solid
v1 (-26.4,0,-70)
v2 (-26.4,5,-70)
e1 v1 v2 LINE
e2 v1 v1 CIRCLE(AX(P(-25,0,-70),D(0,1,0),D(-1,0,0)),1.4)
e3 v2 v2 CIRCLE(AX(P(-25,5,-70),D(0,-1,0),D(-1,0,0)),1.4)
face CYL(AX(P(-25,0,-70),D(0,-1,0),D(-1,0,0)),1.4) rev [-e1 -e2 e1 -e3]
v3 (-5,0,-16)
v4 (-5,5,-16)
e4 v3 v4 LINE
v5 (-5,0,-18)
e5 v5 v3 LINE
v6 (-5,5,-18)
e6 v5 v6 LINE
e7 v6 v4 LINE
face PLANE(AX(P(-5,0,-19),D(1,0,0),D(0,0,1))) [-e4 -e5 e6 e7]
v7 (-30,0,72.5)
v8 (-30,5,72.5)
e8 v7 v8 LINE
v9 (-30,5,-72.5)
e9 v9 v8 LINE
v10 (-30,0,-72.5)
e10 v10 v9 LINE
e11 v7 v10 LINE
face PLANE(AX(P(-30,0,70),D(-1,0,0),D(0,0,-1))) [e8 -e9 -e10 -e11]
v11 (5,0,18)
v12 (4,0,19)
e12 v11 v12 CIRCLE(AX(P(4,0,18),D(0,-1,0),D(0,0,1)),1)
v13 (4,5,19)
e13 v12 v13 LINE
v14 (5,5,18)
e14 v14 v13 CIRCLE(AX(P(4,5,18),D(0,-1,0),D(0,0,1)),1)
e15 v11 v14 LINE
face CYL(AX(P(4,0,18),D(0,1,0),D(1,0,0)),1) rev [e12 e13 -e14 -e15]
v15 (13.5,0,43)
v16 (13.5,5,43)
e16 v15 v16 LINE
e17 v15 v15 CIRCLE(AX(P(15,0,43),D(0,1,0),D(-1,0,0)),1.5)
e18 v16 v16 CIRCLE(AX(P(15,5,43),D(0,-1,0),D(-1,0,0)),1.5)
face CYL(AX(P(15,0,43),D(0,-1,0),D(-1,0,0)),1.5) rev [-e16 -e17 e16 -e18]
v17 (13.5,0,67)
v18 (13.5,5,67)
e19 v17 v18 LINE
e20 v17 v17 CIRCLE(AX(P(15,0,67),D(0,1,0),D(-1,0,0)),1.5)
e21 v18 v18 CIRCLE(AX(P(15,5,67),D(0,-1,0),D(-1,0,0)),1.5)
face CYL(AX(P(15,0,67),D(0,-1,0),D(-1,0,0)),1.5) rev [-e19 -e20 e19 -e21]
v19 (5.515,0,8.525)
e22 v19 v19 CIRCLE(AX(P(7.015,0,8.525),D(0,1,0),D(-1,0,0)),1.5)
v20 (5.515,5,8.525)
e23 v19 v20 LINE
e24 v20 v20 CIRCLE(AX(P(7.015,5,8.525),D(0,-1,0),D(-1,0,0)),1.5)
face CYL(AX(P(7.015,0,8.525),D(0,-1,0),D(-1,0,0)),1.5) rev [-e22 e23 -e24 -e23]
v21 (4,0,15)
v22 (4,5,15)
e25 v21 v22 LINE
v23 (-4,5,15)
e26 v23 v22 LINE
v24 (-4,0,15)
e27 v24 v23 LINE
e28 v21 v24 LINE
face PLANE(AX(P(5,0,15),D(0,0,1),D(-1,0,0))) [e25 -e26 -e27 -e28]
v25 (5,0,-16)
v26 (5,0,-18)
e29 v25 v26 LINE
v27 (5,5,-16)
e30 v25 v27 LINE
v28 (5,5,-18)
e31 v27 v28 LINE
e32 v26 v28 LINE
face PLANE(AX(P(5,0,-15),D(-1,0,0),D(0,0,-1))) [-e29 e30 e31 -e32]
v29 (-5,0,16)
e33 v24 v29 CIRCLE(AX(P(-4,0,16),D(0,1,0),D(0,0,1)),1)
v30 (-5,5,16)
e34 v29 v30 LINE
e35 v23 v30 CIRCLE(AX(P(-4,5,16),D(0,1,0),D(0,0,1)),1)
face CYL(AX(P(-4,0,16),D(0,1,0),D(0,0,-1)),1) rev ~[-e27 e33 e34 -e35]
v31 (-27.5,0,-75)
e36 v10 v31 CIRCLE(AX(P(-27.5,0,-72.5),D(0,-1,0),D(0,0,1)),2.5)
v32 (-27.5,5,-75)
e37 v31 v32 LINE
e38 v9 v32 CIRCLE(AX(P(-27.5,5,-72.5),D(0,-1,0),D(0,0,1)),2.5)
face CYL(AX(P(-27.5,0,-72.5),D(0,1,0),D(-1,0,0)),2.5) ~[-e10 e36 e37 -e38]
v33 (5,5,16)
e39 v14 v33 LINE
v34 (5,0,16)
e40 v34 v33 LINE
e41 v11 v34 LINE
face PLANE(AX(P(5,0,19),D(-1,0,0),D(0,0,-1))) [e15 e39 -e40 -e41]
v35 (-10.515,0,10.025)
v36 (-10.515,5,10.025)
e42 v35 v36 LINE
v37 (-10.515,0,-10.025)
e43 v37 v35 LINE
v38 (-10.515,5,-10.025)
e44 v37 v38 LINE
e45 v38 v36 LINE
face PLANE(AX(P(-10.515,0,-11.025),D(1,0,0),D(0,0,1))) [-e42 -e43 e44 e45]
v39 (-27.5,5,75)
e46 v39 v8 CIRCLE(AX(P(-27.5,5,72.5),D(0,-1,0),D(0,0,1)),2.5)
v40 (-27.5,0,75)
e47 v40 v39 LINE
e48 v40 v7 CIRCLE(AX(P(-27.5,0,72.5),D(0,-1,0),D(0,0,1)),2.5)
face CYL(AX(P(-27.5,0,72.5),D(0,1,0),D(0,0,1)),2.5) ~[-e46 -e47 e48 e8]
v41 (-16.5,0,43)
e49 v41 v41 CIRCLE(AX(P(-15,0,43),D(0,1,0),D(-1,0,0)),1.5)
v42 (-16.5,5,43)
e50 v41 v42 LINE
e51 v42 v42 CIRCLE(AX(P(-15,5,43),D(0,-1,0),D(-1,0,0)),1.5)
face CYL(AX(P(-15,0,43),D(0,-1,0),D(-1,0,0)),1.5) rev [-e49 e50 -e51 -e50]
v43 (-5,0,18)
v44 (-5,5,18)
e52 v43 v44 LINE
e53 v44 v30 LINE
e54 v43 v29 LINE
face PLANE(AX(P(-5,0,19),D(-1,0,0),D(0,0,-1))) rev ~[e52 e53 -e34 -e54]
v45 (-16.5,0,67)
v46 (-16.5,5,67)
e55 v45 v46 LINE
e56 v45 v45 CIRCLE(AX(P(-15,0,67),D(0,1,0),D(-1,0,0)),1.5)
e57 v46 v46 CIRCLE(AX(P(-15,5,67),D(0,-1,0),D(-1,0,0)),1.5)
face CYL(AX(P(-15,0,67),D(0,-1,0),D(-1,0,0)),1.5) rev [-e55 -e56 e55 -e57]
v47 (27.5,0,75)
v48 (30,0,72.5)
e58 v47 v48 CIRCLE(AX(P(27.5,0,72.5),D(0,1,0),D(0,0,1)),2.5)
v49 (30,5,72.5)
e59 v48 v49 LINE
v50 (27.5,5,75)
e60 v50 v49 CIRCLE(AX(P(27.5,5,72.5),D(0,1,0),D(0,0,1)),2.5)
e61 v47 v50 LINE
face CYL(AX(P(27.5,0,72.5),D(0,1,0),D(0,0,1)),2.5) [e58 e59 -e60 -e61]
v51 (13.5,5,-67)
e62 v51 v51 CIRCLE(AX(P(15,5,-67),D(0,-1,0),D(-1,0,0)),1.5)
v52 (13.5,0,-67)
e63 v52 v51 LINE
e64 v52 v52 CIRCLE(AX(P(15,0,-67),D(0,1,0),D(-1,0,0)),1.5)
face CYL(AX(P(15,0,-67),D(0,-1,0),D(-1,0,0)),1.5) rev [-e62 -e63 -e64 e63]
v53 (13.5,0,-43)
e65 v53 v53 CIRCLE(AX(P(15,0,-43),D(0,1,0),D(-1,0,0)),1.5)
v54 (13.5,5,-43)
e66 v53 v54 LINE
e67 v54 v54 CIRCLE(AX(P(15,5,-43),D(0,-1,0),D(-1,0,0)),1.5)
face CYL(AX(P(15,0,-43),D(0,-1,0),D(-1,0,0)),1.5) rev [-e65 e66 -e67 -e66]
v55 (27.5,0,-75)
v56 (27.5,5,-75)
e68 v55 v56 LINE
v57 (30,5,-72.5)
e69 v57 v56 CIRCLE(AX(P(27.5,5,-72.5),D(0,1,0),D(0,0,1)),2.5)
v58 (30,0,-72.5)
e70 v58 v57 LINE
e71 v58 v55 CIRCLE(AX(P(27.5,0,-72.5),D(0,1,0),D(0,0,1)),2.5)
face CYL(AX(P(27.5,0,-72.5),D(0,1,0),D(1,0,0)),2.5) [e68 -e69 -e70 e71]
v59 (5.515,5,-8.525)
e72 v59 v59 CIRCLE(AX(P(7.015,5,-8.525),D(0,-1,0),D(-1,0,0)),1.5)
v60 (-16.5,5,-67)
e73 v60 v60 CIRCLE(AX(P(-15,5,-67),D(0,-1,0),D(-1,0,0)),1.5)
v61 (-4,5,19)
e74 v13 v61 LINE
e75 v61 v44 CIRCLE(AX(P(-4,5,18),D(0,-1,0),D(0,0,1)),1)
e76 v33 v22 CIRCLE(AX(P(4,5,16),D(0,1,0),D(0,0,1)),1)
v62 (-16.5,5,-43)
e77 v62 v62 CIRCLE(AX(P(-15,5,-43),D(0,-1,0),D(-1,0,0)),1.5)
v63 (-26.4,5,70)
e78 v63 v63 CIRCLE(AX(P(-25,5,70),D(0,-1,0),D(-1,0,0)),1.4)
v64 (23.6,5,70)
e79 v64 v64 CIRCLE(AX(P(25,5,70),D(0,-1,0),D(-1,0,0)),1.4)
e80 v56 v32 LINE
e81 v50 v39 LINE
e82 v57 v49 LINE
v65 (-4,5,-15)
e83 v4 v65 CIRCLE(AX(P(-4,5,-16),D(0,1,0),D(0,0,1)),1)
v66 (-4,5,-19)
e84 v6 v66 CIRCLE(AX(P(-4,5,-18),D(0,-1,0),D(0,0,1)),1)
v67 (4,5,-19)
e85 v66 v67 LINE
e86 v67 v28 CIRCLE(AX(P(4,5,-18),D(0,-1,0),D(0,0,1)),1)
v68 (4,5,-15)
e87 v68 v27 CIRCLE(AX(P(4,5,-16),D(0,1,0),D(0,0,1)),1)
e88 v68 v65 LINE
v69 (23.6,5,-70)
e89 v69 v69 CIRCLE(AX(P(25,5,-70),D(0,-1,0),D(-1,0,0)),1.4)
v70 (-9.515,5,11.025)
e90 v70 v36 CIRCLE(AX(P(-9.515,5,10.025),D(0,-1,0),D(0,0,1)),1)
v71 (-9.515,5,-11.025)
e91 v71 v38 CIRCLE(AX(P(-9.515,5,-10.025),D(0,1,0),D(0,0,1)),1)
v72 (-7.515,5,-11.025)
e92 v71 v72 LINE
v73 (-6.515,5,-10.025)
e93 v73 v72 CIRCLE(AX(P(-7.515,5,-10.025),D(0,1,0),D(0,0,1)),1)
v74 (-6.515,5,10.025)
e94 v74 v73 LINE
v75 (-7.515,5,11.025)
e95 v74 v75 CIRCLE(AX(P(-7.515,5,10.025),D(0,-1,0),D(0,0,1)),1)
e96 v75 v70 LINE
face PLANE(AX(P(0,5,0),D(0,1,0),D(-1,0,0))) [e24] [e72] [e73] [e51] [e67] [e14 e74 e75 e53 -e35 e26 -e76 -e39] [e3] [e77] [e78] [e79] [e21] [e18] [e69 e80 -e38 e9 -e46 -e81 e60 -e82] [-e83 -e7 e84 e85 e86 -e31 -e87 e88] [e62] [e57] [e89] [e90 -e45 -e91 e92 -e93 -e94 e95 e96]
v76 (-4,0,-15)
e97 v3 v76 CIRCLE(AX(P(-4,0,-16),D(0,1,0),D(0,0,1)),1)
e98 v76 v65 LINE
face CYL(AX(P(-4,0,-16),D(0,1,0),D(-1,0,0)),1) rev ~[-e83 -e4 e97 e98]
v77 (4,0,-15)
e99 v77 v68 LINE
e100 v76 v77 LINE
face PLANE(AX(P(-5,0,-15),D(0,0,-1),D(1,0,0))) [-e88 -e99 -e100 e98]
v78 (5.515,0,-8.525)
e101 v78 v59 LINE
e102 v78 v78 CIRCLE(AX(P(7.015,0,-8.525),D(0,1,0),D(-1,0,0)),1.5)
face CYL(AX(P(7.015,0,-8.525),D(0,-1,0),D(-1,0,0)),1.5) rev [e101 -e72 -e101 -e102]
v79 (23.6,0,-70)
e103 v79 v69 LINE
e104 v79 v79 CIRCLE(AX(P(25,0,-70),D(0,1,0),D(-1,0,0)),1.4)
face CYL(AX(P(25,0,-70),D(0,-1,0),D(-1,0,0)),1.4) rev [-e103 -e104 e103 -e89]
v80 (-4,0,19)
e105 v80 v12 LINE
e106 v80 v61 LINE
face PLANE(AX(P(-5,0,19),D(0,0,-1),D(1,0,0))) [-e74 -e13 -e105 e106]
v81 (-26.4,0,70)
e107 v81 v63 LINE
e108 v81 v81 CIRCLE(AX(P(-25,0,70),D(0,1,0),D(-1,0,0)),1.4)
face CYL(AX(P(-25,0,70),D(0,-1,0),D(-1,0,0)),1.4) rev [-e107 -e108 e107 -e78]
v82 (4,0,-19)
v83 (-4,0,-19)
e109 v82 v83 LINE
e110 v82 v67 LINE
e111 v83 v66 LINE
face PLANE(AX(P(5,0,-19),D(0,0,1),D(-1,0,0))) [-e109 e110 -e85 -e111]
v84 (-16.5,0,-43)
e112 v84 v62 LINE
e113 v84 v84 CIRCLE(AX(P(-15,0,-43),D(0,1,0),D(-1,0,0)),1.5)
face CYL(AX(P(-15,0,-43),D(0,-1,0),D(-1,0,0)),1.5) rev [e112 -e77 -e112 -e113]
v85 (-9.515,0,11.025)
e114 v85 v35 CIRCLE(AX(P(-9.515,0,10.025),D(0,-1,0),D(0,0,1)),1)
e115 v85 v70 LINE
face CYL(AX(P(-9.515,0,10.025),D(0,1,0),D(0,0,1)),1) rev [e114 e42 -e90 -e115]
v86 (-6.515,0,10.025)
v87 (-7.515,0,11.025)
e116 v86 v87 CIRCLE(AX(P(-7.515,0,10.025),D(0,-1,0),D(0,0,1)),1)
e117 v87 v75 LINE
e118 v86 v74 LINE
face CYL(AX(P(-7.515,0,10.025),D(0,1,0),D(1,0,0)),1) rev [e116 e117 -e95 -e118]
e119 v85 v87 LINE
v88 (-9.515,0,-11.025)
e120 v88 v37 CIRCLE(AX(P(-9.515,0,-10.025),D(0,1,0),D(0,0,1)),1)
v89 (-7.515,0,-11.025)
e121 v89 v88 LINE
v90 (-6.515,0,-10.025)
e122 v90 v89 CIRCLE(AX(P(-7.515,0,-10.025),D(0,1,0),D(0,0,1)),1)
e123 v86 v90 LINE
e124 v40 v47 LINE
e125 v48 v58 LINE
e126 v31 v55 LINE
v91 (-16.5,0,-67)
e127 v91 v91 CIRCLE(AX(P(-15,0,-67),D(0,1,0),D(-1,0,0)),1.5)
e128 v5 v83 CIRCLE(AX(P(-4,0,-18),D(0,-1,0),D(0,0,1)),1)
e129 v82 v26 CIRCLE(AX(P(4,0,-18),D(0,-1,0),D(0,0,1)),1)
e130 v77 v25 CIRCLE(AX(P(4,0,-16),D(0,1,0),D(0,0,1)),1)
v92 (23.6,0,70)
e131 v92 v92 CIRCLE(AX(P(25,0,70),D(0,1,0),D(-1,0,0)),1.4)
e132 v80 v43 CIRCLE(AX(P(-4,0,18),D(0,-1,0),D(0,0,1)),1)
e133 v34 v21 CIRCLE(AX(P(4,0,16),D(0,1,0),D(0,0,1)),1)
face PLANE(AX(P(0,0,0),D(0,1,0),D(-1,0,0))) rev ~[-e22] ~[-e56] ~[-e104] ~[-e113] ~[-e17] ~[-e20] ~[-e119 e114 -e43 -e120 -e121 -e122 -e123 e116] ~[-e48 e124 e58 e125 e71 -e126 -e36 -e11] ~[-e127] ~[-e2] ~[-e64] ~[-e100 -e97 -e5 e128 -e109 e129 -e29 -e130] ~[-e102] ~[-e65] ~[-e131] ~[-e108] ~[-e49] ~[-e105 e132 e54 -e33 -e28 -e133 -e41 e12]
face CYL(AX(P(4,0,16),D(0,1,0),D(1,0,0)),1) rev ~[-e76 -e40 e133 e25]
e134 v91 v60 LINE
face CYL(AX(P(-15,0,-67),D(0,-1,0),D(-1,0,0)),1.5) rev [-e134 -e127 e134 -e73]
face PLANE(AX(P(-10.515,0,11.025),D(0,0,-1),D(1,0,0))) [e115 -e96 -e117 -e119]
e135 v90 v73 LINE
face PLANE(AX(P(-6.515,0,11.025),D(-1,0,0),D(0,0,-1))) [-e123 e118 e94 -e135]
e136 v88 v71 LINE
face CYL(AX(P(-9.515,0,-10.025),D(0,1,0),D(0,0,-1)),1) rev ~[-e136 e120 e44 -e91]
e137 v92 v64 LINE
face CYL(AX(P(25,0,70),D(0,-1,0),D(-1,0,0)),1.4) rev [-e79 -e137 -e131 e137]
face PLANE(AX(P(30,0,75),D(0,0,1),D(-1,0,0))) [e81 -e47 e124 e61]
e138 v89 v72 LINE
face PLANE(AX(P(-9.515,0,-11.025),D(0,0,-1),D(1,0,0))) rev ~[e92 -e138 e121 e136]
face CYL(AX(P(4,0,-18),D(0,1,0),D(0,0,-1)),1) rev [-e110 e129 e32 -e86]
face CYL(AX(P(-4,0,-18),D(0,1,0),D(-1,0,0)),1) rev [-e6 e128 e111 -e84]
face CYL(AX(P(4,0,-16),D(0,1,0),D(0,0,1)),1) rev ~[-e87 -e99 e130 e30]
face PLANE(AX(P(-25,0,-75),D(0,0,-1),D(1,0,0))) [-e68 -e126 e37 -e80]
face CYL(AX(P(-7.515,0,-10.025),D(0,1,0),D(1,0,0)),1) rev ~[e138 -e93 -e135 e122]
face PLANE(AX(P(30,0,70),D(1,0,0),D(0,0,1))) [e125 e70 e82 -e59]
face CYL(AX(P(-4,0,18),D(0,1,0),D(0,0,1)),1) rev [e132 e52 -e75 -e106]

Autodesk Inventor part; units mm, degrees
ref_plane "YZ Plane" through (0, 0, 0) normal (1, 0, 0) x (0, 1, 0)
ref_plane "XZ Plane" through (0, 0, 0) normal (0, 1, 0) x (-1, 0, 0)
ref_plane "XY Plane" through (0, 0, 0) normal (0, 0, 1) x (1, 0, 0)
sketch "Sketch1" plane through (0, 0, 0) normal (0, 1, 0) x (-1, 0, 0)
  line L0 (-30, 75) -> (30, 75)
  line L1 (30, 75) -> (30, -75)
  line L2 (30, -75) -> (-30, -75)
  line L3 (-30, -75) -> (-30, 75)
  line L4 (30, 75) -> (25, 75)
  line L5 (25, 75) -> (25, 70)
  line L6 (25, 70) -> (30, 70)
  line L7 (30, 70) -> (30, 75)
  line L8 (-30, 75) -> (-25, 75)
  line L9 (-25, 75) -> (-25, 70)
  line L10 (-25, 70) -> (-30, 70)
  line L11 (-30, 70) -> (-30, 75)
  line L12 (30, -75) -> (25, -75)
  line L13 (25, -75) -> (25, -70)
  line L14 (25, -70) -> (30, -70)
  line L15 (30, -70) -> (30, -75)
  line L16 (-30, -75) -> (-25, -75)
  line L17 (-25, -75) -> (-25, -70)
  line L18 (-25, -70) -> (-30, -70)
  line L19 (-30, -70) -> (-30, -75)
  circle A0 centre (25, 70) radius 1.4
  circle A1 centre (-25, 70) radius 1.4
  circle A2 centre (25, -70) radius 1.4
  circle A3 centre (-25, -70) radius 1.4
  line L20 (0, 75) -> (13, 75)
  line L21 (0, 75) -> (-13, 75)
  line L22 (-9.515, 11.025) -> (9.515, 11.025)
  line L23 (9.515, 11.025) -> (9.515, -11.025)
  line L24 (9.515, -11.025) -> (-9.515, -11.025)
  line L25 (-9.515, -11.025) -> (-9.515, 11.025)
  line L26 (-9.515, 11.025) -> (9.515, -11.025) construction
  line L27 (9.515, 11.025) -> (-9.515, -11.025) construction
  line L28 (-9.515, -11.025) -> (-7.015, -11.025)
  line L29 (-7.015, -11.025) -> (-7.015, -8.525)
  line L30 (-7.015, -8.525) -> (-9.515, -8.525)
  line L31 (-9.515, -8.525) -> (-9.515, -11.025)
  line L32 (-9.515, 11.025) -> (-7.015, 11.025)
  line L33 (-7.015, 11.025) -> (-7.015, 8.525)
  line L34 (-7.015, 8.525) -> (-9.515, 8.525)
  line L35 (-9.515, 8.525) -> (-9.515, 11.025)
  circle A4 centre (-7.015, 8.525) radius 1.5
  circle A5 centre (-7.015, -8.525) radius 1.5
  line L36 (9.515, 0) -> (8.515, 0)
  line L37 (6.515, -11.025) -> (10.515, -11.025)
  line L38 (10.515, -11.025) -> (10.515, 11.025)
  line L39 (10.515, 11.025) -> (6.515, 11.025)
  line L40 (6.515, 11.025) -> (6.515, -11.025)
  line L41 (6.515, -11.025) -> (10.515, 11.025) construction
  line L42 (10.515, -11.025) -> (6.515, 11.025) construction
  line L43 (0, -75) -> (-20, -75)
  line L44 (-20, -75) -> (-20, -35)
  line L45 (-20, -35) -> (0, -35)
  line L46 (0, -35) -> (0, -75)
  line L47 (0, -75) -> (20, -75)
  line L48 (20, -75) -> (20, -35)
  line L49 (20, -35) -> (0, -35)
  line L50 (0, -35) -> (0, -75)
  line L51 (0, 75) -> (-20, 75)
  line L52 (-20, 75) -> (-20, 35)
  line L53 (-20, 35) -> (0, 35)
  line L54 (0, 35) -> (0, 75)
  line L55 (0, 35) -> (20, 35)
  line L56 (20, 35) -> (20, 75)
  line L57 (20, 75) -> (0, 75)
  line L58 (0, 75) -> (0, 35)
  line L59 (-20, -35) -> (20, -35)
  line L60 (20, -35) -> (20, -43)
  line L61 (20, -43) -> (-20, -43)
  line L62 (-20, -43) -> (-20, -35)
  line L63 (-20, 35) -> (20, 35)
  line L64 (20, 35) -> (20, 43)
  line L65 (20, 43) -> (-20, 43)
  line L66 (-20, 43) -> (-20, 35)
  line L67 (-20, 43) -> (-15, 43)
  line L68 (-15, 43) -> (15, 43)
  line L69 (15, 43) -> (15, 67)
  line L70 (15, 67) -> (-15, 67)
  line L71 (-15, 67) -> (-15, 43)
  line L72 (0, -43) -> (-15, -43)
  line L73 (15, -43) -> (15, -67)
  line L74 (15, -67) -> (-15, -67)
  line L75 (-15, -67) -> (-15, -43)
  circle A6 centre (-15, -67) radius 1.5
  circle A7 centre (15, -67) radius 1.5
  circle A8 centre (-15, -43) radius 1.5
  circle A9 centre (15, -43) radius 1.5
  circle A10 centre (-15, 67) radius 1.5
  circle A11 centre (-15, 43) radius 1.5
  circle A12 centre (15, 43) radius 1.5
  circle A13 centre (15, 67) radius 1.5
  line L76 (-20, 35) -> (20, 35)
  line L77 (20, 35) -> (20, 19)
  line L78 (20, 19) -> (-20, 19)
  line L79 (-20, 19) -> (-20, 35)
  line L80 (20, -35) -> (-20, -35)
  line L81 (-20, -35) -> (-20, -19)
  line L82 (-20, -19) -> (20, -19)
  line L83 (20, -19) -> (20, -35)
  line L84 (0, 19) -> (5, 19)
  line L85 (5, 19) -> (5, 15)
  line L86 (5, 15) -> (0, 15)
  line L87 (0, 15) -> (0, 19)
  line L88 (0, 19) -> (-5, 19)
  line L89 (-5, 19) -> (-5, 15)
  line L90 (-5, 15) -> (0, 15)
  line L91 (0, 15) -> (0, 19)
  line L92 (0, -19) -> (5, -19)
  line L93 (5, -19) -> (5, -15)
  line L94 (5, -15) -> (0, -15)
  line L95 (0, -15) -> (0, -19)
  line L96 (0, -15) -> (-5, -15)
  line L97 (-5, -15) -> (-5, -19)
  line L98 (-5, -19) -> (0, -19)
  line L99 (0, -19) -> (0, -15)
  point P0 (0, 0)
  point P1 (6.515, 11.025)
  point P2 (6.515, -11.025)
  point P3 (-5, 19)
  point P4 (5, 19)
  point P5 (0, 15)
  dimension "d0" = 60
  dimension "d1" = 150
  dimension "d2" = 5
  dimension "d3" = 5
  dimension "d4" = 5
  dimension "d5" = 5
  dimension "d6" = 5
  dimension "d7" = 5
  dimension "d8" = 5
  dimension "d9" = 5
  dimension "d10" = 2.8
  dimension "d11" = 2.8
  dimension "d39" = 19.03
  dimension "d40" = 22.05
  dimension "d41" = 2.5
  dimension "d42" = 2.5
  dimension "d43" = 2.5
  dimension "d44" = 2.5
  dimension "d45" = 3
  dimension "d46" = 3
  dimension "d47" = 1
  dimension "d48" = 4
  dimension "d54" = 20
  dimension "d55" = 40
  dimension "d56" = 20
  dimension "d57" = 20
  dimension "d58" = 40
  dimension "d59" = 20
  dimension "d60" = 8
  dimension "d61" = 8
  dimension "d62" = 5
  dimension "d63" = 30
  dimension "d64" = 24
  dimension "d65" = 24
  dimension "d66" = 3
  dimension "d67" = 3
  dimension "d68" = 3
  dimension "d69" = 3
  dimension "d70" = 3
  dimension "d71" = 3
  dimension "d72" = 3
  dimension "d75" = 16
  dimension "d76" = 16
  dimension "d77" = 5
  dimension "d78" = 4
  dimension "d79" = 5
  dimension "d80" = 5
  dimension "d81" = 4
  dimension "d82" = 5
extrude "Extrusion1" add sketch "Sketch1" along normal blind 5 contours L0 L9 A1 L10 L3 | L0 L52 L79 L78 L89 L90 L86 L85 L77 L56 L5 A0 L6 L1 L14 A2 L13 L2 L48 L83 L82 L93 L94 L96 L97 L81 L44 L17 A3 L18 L3 L10 A1 L9 | L0 L54 L70 A10 L71 A11 L65 L52 | L18 A3 L17 L2 L3 | L65 A11 L54 L53 L52 | L0 L56 L65 A12 L69 A13 L70 L54 | L53 L55 L77 L78 L79 | A11 L71 L65 | L65 A11 | L70 A13 L69 A12 L65 L54 | L54 L65 A11 L71 A10 L70 | L54 L65 A12 L56 L55 | L71 A11 L65 | L44 L61 A8 L75 A6 L74 L46 L2 | A13 L69 L70 | L70 L69 A13 | A10 L71 L70 | L70 L71 A10 | L46 L74 A7 L73 A9 L61 L48 L2 | L44 L45 L46 L61 A8 | L0 L1 L6 A0 L5 | A12 L69 L65 | L65 A12 | L74 A6 L75 A8 L61 L46 | L46 L61 A9 L73 A7 L74 | L81 L82 L83 L49 L45 | A8 L61 | L61 L75 A8 | L65 L69 A12 | L13 A2 L14 L1 L2 | L61 A9 L46 L49 L48 | A7 L73 L74 | L74 L73 A7 | A6 L75 L74 | L74 L75 A6 | L61 A8 L75 | A9 L73 L61 | L61 A9 | L61 L73 A9 | L22 L33 A4 L34 L25 | L22 L40 L24 L29 A5 L30 L25 L34 A4 L33 | L30 A5 L29 L24 L25
fillet "Fillet1" radius 2.5 4 edges at (-30, 2.5, 75) (-30, 2.5, -75) (30, 2.5, -75) (30, 2.5, 75)
fillet "Fillet2" radius 1 2 edges at (-6.515, 2.5, 11.025) (-10.515, 2.5, 11.025)
fillet "Fillet3" radius 1 2 edges at (-6.515, 2.5, -11.025) (-10.515, 2.5, -11.025)
extrude "Extrusion2" cut sketch "Sketch1" along normal blind 5 contours A11 L71 L65 | L65 A11 | L71 A11 L65 | A13 L69 L70 | L70 L69 A13 | A10 L71 L70 | L70 L71 A10 | A12 L69 L65 | L65 A12 | A8 L61 | L61 L75 A8 | L65 L69 A12 | A7 L73 L74 | L74 L73 A7 | A6 L75 L74 | L74 L75 A6 | L61 A8 L75 | A9 L73 L61 | L61 A9 | L61 L73 A9
fillet "Fillet4" radius 1 8 edges at (-5, 2.5, -15) (5, 2.5, -15) (5, 2.5, -19) (-5, 2.5, -19) (-5, 2.5, 19) (5, 2.5, 19) (5, 2.5, 15) (-5, 2.5, 15)
properties part number "DeDuoi"
